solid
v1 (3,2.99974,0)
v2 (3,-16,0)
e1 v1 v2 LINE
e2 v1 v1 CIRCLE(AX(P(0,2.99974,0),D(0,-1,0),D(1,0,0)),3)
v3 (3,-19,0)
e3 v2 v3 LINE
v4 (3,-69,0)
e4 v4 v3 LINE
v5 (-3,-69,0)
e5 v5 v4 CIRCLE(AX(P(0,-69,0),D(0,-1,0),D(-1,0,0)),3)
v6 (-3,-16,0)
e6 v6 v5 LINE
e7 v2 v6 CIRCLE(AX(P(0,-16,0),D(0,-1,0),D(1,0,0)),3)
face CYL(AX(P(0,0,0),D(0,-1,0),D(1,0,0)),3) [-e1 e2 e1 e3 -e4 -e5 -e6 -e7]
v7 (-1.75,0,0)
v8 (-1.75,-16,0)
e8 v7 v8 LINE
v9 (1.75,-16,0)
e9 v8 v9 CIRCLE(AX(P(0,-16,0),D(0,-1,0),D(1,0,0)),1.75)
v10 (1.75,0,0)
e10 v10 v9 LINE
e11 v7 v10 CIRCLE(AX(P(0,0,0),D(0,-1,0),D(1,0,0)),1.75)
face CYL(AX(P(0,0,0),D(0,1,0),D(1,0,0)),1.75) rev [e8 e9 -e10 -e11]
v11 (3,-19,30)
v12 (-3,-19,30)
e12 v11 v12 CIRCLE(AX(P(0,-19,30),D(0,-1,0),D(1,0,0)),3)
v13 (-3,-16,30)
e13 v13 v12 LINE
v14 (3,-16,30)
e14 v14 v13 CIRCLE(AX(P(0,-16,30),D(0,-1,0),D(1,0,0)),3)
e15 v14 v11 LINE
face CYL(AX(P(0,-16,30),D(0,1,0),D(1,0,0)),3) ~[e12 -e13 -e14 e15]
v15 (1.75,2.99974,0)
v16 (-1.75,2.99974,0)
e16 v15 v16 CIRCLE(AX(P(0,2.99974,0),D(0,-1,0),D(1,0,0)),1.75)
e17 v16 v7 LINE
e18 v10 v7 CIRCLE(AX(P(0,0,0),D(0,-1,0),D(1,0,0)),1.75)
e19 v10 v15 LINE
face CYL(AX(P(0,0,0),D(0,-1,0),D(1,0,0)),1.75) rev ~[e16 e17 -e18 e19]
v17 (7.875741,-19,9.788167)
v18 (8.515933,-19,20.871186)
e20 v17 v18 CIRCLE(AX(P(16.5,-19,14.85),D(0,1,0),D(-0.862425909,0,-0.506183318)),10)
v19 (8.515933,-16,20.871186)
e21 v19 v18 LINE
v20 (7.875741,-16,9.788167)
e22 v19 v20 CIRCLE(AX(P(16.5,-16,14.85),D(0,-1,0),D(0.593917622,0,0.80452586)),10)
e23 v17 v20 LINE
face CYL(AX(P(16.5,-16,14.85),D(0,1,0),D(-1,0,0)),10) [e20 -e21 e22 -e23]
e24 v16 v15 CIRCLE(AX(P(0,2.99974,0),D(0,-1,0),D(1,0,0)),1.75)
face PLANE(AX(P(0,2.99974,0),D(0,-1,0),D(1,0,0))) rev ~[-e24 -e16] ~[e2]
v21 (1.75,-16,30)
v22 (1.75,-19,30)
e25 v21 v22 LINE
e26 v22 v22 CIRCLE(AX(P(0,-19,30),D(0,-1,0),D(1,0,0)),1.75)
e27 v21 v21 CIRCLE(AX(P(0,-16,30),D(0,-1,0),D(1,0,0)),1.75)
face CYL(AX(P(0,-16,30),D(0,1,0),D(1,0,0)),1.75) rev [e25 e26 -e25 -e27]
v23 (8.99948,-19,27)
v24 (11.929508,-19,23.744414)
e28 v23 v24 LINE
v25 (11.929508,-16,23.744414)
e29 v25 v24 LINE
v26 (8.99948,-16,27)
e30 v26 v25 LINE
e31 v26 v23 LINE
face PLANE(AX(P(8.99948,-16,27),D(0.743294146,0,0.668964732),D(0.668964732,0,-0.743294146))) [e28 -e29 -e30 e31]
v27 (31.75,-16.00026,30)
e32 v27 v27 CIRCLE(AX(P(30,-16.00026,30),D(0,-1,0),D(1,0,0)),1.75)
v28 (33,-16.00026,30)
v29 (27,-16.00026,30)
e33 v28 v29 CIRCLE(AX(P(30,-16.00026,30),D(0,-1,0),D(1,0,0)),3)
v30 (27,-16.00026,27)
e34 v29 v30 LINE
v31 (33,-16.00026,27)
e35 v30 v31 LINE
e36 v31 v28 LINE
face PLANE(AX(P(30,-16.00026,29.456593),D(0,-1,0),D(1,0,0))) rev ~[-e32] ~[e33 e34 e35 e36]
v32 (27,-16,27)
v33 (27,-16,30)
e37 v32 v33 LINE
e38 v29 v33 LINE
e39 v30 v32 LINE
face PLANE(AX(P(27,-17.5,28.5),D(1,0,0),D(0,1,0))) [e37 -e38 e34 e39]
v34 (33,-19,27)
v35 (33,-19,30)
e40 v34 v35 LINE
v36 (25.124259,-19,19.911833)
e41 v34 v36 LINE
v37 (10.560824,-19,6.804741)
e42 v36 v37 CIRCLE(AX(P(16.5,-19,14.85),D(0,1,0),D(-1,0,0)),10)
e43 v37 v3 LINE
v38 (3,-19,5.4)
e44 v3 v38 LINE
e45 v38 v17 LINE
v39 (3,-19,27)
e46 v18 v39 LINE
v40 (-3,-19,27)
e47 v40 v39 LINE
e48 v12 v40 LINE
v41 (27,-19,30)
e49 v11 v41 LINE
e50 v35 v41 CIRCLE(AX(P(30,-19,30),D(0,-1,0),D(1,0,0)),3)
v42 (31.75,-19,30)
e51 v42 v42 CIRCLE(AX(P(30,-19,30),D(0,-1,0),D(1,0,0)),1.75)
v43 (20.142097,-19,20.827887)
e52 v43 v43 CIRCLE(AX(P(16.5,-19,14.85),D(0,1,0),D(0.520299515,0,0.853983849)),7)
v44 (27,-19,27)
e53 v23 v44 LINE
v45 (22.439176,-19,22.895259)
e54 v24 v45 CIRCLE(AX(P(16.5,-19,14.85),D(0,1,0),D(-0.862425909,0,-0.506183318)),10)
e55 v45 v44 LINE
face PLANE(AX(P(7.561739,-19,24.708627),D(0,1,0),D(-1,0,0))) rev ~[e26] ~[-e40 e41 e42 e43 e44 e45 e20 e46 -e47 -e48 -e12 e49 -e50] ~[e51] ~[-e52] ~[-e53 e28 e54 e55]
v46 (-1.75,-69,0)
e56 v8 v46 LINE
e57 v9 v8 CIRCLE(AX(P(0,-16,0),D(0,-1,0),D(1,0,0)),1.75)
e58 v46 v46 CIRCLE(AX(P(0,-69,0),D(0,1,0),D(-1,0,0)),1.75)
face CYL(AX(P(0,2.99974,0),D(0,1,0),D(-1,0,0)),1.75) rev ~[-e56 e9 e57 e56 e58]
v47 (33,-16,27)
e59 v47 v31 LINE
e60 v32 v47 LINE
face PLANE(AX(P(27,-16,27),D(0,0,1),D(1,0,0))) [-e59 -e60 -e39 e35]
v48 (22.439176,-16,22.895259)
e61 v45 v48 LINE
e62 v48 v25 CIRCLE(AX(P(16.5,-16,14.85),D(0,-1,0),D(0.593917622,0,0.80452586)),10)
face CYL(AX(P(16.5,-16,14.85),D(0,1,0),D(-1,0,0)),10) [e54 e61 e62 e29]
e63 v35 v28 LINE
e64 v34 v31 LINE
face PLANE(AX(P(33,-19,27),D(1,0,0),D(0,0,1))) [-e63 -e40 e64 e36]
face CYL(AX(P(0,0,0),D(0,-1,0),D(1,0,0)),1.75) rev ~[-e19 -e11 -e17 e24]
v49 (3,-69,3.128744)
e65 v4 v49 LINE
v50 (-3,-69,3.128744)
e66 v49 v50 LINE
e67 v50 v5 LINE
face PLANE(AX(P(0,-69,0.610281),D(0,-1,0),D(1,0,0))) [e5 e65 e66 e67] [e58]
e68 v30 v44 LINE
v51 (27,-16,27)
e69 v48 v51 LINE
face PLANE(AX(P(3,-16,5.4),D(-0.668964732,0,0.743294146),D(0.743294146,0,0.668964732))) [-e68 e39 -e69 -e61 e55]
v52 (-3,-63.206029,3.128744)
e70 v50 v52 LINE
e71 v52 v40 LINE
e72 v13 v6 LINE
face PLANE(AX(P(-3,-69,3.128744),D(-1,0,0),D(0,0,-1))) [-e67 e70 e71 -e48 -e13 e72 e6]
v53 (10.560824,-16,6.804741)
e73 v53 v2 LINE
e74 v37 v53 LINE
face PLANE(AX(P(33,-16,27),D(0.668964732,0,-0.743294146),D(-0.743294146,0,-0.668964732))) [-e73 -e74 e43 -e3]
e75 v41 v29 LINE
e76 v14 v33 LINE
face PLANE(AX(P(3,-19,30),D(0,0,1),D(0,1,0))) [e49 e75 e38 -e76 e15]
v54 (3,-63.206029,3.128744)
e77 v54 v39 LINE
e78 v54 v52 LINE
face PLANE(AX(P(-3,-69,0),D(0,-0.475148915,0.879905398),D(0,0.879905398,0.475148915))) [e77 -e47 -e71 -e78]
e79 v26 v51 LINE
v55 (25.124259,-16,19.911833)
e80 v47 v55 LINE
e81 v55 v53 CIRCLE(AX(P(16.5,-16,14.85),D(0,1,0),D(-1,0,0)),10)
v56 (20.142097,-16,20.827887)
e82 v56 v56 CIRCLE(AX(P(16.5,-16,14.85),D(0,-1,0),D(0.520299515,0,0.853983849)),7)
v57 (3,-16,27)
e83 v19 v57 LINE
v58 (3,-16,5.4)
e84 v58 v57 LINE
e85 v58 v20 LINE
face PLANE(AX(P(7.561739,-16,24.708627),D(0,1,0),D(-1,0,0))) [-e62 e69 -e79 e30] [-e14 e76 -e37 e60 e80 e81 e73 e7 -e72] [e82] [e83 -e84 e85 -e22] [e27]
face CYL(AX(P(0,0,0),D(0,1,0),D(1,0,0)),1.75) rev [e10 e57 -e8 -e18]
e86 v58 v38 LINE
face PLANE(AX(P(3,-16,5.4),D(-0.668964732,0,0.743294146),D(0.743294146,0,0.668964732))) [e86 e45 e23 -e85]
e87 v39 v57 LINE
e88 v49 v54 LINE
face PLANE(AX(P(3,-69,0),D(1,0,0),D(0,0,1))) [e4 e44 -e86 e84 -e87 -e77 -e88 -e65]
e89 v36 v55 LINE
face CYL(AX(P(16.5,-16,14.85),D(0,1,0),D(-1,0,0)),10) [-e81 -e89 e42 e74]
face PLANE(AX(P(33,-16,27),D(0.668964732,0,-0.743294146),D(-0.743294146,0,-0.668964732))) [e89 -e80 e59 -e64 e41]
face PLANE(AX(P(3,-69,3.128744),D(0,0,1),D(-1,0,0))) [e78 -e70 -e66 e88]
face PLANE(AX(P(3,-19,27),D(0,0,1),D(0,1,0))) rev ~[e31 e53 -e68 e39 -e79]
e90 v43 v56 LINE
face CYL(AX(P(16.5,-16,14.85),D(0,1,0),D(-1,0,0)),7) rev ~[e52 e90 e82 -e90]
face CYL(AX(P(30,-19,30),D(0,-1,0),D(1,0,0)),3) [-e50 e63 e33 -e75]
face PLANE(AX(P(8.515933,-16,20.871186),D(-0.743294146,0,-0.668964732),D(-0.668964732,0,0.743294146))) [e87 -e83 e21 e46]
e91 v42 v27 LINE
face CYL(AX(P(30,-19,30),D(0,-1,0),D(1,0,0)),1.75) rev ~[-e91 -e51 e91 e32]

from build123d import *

# Parameters (mm, degrees)
F0_R          = 3
F0_R_2        = 1.75
F1_DEPTH      = 16
F1_DEPTH_BACK = 2.99974
F2_R          = 1.75
F3_DEPTH      = 3
F5_DEPTH      = 6
F7_DEPTH      = 50
F10_DEPTH     = 6
F8_R          = 1.75
F11_DEPTH     = 72.00074
F12_R         = 1.75
F13_DEPTH     = 2.99974
F14_W         = 3
F14_H         = 3
F15_DEPTH     = 24
F17_DEPTH     = 3
F18_R         = 10
F18_R_2       = 7
F19_DEPTH     = 3
F21_DEPTH     = 3
F22_R         = 7
F23_DEPTH     = 25.4


with BuildPart() as f1:
    # F0 (on Front) → F1 (new body, two sides)
    with BuildSketch(Plane.XZ) as f1_sk:
        Circle(F0_R)
        Circle(F0_R_2, mode=Mode.SUBTRACT)
    extrude(amount=F1_DEPTH)
    extrude(f1_sk.sketch, amount=-F1_DEPTH_BACK)

    # F2 (on face) → F3 (join)
    with BuildSketch(Plane.XZ.offset(16)):
        with BuildLine():
            Line((-3, 30), (-3, 0))
            ThreePointArc((-3, 0), (0, -3), (3, 0))
            Line((3, 0), (3, 30))
            ThreePointArc((3, 30), (0, 33), (-3, 30))
        make_face()
        with Locations((0, 30)):
            Circle(F2_R, mode=Mode.SUBTRACT)
    extrude(amount=F3_DEPTH)

    # F4 (on face) → F5 (join, through all)
    with BuildSketch(Plane(origin=(-3, 0, 0), x_dir=(0, -1, 0), z_dir=(-1, 0, 0))):
        Polygon((69, 0), (19, 27), (19, 0), align=None)
    extrude(amount=-F5_DEPTH)

    # F6 (on face) → F7 (join, through all)
    with BuildSketch(Plane.XZ.offset(19)):
        with BuildLine():
            Line((3, 0), (-3, 0))
            ThreePointArc((-3, 0), (0, -3), (3, 0))
        make_face()
    extrude(amount=F7_DEPTH)

    # F9 (on face) → F10 (join)
    with BuildSketch(Plane.XZ.offset(69)):
        with BuildLine():
            Line((-3, 3.128744429), (-3, 0))
            ThreePointArc((-3, 0), (0, -3), (3, 0))
            Line((3, 0), (3, 3.128744429))
            Line((3, 3.128744429), (-3, 3.128744429))
        make_face()
    extrude(amount=-F10_DEPTH)

    # F8 (on face) → F11 (cut, through all)
    with BuildSketch(Plane(origin=(0, 2.99974, 0), x_dir=(-1, 0, 0), z_dir=(0, 1, 0))):
        Circle(F8_R)
    extrude(amount=-F11_DEPTH, mode=Mode.SUBTRACT)



with BuildPart() as f13:
    # F12 (on face) → F13 (new body)
    with BuildSketch(Plane.XZ.offset(19)):
        with BuildLine():
            Line((33, 27), (33, 30))
            ThreePointArc((33, 30), (30, 33), (27, 30))
            Line((27, 30), (27, 27))
            Line((27, 27), (33, 27))
        make_face()
        with Locations((30, 30)):
            Circle(F12_R, mode=Mode.SUBTRACT)
    extrude(amount=-F13_DEPTH)


with BuildPart() as f1_1:
    add(f1.part)

    add(f13.part)  # F15 merges F13
    # F14 (on face) → F15 (join, through all)
    with BuildSketch(Plane.YZ.offset(3)):
        with Locations((-17.5, 28.5)):
            Rectangle(F14_W, F14_H)
    extrude(amount=F15_DEPTH)

    # F16 (on face) → F17 (join, through all)
    with BuildSketch(Plane(origin=(0, -16, 0), x_dir=(-1, 0, 0), z_dir=(0, 1, 0))):
        Polygon((-27, 27), (-33, 27), (-3, 0), (-3, 5.4), align=None)
    extrude(amount=-F17_DEPTH)

    # F18 (on face) → F19 (join, through all)
    with BuildSketch(Plane(origin=(0, -16, 0), x_dir=(-1, 0, 0), z_dir=(0, 1, 0))):
        with Locations((-16.5, 14.85)):
            Circle(F18_R)
        with Locations((-16.5, 14.85)):
            Circle(F18_R_2, mode=Mode.SUBTRACT)
    extrude(amount=-F19_DEPTH)

    # F20 (on face) → F21 (join, through all)
    with BuildSketch(Plane(origin=(0, -16, 0), x_dir=(-1, 0, 0), z_dir=(0, 1, 0))):
        with BuildLine():
            Line((-8.5159330462, 20.8711855043), (-3, 27))
            Line((-3, 27), (-8.99948, 27))
            Line((-8.99948, 27), (-11.9295075041, 23.7444138843))
            ThreePointArc((-11.9295075041, 23.7444138843), (-10.0604269493, 22.5006142842), (-8.5159330462, 20.8711855043))
        make_face()
    extrude(amount=-F21_DEPTH)

    # F22 (on face) → F23 (cut)
    with BuildSketch(Plane(origin=(0, -16, 0), x_dir=(-1, 0, 0), z_dir=(0, 1, 0))):
        with Locations((-16.5, 14.85)):
            Circle(F22_R)
    extrude(amount=-F23_DEPTH, mode=Mode.SUBTRACT)


solid = f1_1.part
